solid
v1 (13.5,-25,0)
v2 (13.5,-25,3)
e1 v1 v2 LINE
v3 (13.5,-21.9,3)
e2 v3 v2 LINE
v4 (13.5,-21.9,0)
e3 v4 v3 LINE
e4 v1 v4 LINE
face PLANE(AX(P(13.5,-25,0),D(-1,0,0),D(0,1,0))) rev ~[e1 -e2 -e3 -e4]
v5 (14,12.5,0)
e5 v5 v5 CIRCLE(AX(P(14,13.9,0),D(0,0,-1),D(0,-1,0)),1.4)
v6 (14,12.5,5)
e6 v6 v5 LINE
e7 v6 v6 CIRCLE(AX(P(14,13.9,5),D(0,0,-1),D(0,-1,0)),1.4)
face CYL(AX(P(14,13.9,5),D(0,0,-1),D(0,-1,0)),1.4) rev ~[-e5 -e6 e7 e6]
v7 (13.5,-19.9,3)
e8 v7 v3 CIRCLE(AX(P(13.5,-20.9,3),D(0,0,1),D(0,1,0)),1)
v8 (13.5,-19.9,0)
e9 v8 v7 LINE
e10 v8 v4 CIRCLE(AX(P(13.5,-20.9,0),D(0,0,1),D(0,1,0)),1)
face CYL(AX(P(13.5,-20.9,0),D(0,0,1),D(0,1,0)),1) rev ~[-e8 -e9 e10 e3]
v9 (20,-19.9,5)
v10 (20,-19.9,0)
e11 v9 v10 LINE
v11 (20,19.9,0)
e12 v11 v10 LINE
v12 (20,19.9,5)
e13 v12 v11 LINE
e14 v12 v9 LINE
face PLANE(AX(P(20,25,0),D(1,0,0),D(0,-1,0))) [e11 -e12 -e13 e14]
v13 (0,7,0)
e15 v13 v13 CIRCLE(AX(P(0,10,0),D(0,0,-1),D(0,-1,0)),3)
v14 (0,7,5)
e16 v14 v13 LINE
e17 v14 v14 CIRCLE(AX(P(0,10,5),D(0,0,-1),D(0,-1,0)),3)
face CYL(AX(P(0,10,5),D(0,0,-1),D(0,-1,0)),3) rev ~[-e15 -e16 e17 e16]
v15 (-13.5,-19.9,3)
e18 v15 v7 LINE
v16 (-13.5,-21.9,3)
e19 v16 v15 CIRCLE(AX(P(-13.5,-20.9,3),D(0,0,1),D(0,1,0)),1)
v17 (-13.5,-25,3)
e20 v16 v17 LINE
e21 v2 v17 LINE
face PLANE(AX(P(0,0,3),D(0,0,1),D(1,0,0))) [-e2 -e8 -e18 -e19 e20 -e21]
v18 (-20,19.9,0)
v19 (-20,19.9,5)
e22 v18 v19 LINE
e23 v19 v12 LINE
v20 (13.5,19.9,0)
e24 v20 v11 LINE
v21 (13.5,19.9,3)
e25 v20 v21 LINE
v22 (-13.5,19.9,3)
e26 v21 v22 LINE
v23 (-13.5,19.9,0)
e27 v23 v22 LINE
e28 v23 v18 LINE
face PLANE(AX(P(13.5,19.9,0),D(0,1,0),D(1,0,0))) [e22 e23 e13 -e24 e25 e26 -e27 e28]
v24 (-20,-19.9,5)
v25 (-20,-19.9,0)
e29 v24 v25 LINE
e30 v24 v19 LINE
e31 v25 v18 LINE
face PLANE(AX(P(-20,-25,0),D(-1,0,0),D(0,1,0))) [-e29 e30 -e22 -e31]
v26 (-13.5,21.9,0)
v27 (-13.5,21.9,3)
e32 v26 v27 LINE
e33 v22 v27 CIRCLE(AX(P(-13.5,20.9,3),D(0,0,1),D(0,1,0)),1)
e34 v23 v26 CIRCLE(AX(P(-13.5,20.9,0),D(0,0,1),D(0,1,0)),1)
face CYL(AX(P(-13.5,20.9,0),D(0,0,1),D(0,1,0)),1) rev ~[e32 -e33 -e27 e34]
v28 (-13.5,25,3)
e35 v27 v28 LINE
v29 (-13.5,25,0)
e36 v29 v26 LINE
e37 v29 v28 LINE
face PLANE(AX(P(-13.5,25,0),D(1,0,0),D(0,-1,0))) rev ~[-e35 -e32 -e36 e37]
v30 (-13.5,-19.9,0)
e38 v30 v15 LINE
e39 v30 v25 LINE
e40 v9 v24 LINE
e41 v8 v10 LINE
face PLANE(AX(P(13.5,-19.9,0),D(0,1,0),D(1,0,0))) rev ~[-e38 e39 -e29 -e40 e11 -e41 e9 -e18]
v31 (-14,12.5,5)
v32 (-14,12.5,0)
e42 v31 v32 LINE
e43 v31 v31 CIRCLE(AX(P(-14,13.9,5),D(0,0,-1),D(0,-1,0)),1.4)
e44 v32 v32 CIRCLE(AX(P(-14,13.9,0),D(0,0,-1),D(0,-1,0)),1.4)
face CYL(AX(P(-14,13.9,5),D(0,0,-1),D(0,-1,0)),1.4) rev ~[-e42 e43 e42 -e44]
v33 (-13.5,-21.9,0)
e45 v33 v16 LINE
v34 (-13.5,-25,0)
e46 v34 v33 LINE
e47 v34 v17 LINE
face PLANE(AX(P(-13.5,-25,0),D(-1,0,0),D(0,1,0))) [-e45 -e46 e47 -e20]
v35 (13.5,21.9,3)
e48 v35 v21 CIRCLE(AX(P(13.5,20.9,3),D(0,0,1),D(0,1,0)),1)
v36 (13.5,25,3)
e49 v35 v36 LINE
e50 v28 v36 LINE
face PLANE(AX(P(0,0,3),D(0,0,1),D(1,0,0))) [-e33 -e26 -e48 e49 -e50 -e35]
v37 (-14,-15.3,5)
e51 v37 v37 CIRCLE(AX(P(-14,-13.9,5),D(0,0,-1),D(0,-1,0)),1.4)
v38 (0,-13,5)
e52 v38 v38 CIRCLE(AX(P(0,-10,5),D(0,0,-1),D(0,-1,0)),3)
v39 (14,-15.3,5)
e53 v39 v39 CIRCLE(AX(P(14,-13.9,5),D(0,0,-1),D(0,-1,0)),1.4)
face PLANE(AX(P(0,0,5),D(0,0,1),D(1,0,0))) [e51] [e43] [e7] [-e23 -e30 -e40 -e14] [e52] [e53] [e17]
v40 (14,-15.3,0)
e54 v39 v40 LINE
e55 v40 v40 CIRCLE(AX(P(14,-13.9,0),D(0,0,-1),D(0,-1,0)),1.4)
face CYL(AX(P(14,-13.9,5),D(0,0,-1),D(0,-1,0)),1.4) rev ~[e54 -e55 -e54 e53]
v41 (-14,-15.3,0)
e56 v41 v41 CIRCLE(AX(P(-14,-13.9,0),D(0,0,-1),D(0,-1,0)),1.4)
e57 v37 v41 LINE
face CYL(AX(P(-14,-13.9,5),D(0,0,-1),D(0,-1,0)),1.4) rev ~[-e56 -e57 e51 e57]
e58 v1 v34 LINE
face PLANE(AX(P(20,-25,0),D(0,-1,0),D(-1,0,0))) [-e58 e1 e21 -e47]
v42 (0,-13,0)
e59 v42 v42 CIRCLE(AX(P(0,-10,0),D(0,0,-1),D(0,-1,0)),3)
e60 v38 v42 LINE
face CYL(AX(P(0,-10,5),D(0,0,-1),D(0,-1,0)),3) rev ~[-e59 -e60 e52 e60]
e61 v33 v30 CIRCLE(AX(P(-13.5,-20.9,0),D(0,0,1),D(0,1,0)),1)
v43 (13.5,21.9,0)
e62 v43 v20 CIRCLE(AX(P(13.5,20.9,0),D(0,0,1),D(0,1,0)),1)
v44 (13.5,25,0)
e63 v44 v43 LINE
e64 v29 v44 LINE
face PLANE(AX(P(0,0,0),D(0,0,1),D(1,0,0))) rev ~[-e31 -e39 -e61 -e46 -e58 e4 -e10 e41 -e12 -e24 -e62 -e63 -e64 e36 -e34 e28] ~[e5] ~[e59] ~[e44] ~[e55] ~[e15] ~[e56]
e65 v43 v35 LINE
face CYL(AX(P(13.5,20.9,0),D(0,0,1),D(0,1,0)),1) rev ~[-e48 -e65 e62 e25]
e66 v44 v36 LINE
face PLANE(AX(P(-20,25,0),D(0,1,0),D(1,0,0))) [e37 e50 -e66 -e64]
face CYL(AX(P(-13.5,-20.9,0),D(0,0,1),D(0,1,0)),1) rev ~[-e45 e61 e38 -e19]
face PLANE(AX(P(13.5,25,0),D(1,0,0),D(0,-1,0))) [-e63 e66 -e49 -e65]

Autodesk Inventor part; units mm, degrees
ref_plane "YZ Plane" through (0, 0, 0) normal (1, 0, 0) x (0, 1, 0)
ref_plane "XZ Plane" through (0, 0, 0) normal (0, 1, 0) x (-1, 0, 0)
ref_plane "XY Plane" through (0, 0, 0) normal (0, 0, 1) x (1, 0, 0)
sketch "スケッチ1" plane through (0, 0, 0) normal (0, 0, 1) x (1, 0, 0)
  line L0 (-20, 25) -> (20, 25)
  line L1 (20, 25) -> (20, -25)
  line L2 (20, -25) -> (-20, -25)
  line L3 (-20, -25) -> (-20, 25)
  point P0 (0, 0)
  dimension "d0" = 50
  dimension "d1" = 40
  dimension "d2" = 20
  dimension "d3" = 25
extrude "押し出し1" add sketch "スケッチ1" along normal blind 5
sketch "スケッチ2" plane through (0, 0, 5) normal (0, 0, 1) x (1, 0, 0)
  line L0 (20, 25) -> (20, -25) projected
  line L1 (-20, -25) -> (-20, 25) projected
  line L2 (20, -25) -> (-20, -25) projected
  line L3 (-20, 25) -> (20, 25)
  line L4 (20, 25) -> (20, 19.9)
  line L5 (20, 19.9) -> (-20, 19.9)
  line L6 (-20, 19.9) -> (-20, 25)
  line L7 (20, -25) -> (-20, -25)
  line L8 (-20, -25) -> (-20, -19.9)
  line L9 (-20, -19.9) -> (20, -19.9)
  line L10 (20, -19.9) -> (20, -25)
  point P0 (0, 0)
  dimension "d6" = 5.1
  dimension "d7" = 5.1
  dimension "d12" = 0
extrude "押し出し3" cut sketch "スケッチ2" against normal blind 2 contours L0 L5 L1 L3 | L0 L2 L1 L9
sketch "スケッチ3" plane through (0, 0, 5) normal (0, 0, 1) x (1, 0, 0)
  point P0 (0, 0)
  point P1 (0, 10)
  point P2 (0, -10)
  dimension "d13" = 20
  dimension "d14" = 10
hole "Hole1" at (0, 10, 5) at (0, -10, 5) direction (0, 0, -1) diameter 6 end through all
sketch "スケッチ4" plane through (0, 0, 0) normal (0, 0, -1) x (-1, 0, 0)
  circle A0 centre (0, -10) radius 3 projected
  circle A1 centre (0, 10) radius 3 projected
  line L0 (20, 25) -> (-20, 25) projected
  line L1 (-20, 25) -> (-13.5, 25)
  line L2 (-13.5, 25) -> (-13.5, 19.9)
  line L3 (-13.5, 19.9) -> (-20, 19.9)
  line L4 (-20, 19.9) -> (-20, 25)
  line L5 (20, 25) -> (13.5, 25)
  line L6 (13.5, 25) -> (13.5, 19.9)
  line L7 (13.5, 19.9) -> (20, 19.9)
  line L8 (20, 19.9) -> (20, 25)
  line L9 (20, -25) -> (13.5, -25)
  line L10 (13.5, -25) -> (13.5, -19.9)
  line L11 (13.5, -19.9) -> (20, -19.9)
  line L12 (20, -19.9) -> (20, -25)
  line L13 (-20, -25) -> (-13.5, -25)
  line L14 (-13.5, -25) -> (-13.5, -19.9)
  line L15 (-13.5, -19.9) -> (-20, -19.9)
  line L16 (-20, -19.9) -> (-20, -25)
  point P0 (0, 0)
  dimension "d22" = 5.1
  dimension "d23" = 5.1
  dimension "d24" = 5.1
  dimension "d25" = 5.1
  dimension "d26" = 27
  dimension "d27" = 13.5
  dimension "d28" = 13.5
  dimension "d29" = 27
extrude "押し出し4" cut sketch "スケッチ4" against normal through all contours L8 L7 L6 L0 | L2 L3 L4 L0 | L9 L10 L11 L12 | L16 L15 L14 L13
sketch "スケッチ5" plane through (0, 0, 5) normal (0, 0, 1) x (1, 0, 0)
  line L0 (20, 19.9) -> (-20, 19.9) projected
  line L1 (-20, -19.9) -> (-20, 19.9) projected
  line L2 (-20, -19.9) -> (20, -19.9) projected
  line L3 (20, 19.9) -> (20, -19.9) projected
  point P0 (0, 0)
  point P1 (-14, 13.9)
  point P2 (-14, -13.9)
  point P3 (14, -13.9)
  point P4 (14, 13.9)
  dimension "d32" = 6
  dimension "d33" = 6
  dimension "d34" = 6
  dimension "d35" = 6
  dimension "d36" = 6
  dimension "d37" = 6
  dimension "d38" = 6
  dimension "d39" = 6
hole "Hole2" at (-14, 13.9, 5) at (-14, -13.9, 5) at (14, -13.9, 5) at (14, 13.9, 5) direction (0, 0, -1) diameter 2.8 depth 8 tip angle 118
sketch "スケッチ6" plane through (0, 0, 0) normal (0, 0, -1) x (-1, 0, 0)
  line L0 (-20, -19.9) -> (-13.5, -19.9) projected
  line L1 (-13.5, -19.9) -> (-13.5, -25) projected
  line L2 (13.5, -25) -> (13.5, -19.9) projected
  line L3 (13.5, -19.9) -> (20, -19.9) projected
  line L4 (20, 19.9) -> (13.5, 19.9) projected
  line L5 (13.5, 19.9) -> (13.5, 25) projected
  line L6 (-13.5, 19.9) -> (-20, 19.9) projected
  line L7 (-13.5, 19.9) -> (-13.5, 25) projected
  point P0 (0, 0)
  point P1 (-13.5, 20.9)
  point P2 (13.5, 20.9)
  point P3 (13.5, -20.9)
  point P4 (-13.5, -20.9)
  dimension "d47" = 1
  dimension "d48" = 1
  dimension "d49" = 1
  dimension "d50" = 1
hole "Hole3" at (13.5, 20.9, 0) at (-13.5, 20.9, 0) at (-13.5, -20.9, 0) at (13.5, -20.9, 0) direction (0, 0, 1) diameter 2 depth 8 tip angle 118
equation "\"d2\" = 0.5 * d1"
equation "\"d3\" = 0.5 * d0"
equation "\"d14\" = 0.5 * d13"
equation "\"d23\" = d22"
equation "\"d24\" = d22"
equation "\"d25\" = d22"
equation "\"d27\" = 0.5 * d26"
equation "\"d28\" = d27"
equation "\"d29\" = d26"
equation "\"d33\" = d32"
equation "\"d34\" = d32"
equation "\"d35\" = d32"
equation "\"d36\" = d32"
equation "\"d37\" = d32"
equation "\"d38\" = d32"
equation "\"d39\" = d32"
equation "\"d48\" = d47"
equation "\"d49\" = d47"
equation "\"d50\" = d47"
properties part number "JointC0_"
